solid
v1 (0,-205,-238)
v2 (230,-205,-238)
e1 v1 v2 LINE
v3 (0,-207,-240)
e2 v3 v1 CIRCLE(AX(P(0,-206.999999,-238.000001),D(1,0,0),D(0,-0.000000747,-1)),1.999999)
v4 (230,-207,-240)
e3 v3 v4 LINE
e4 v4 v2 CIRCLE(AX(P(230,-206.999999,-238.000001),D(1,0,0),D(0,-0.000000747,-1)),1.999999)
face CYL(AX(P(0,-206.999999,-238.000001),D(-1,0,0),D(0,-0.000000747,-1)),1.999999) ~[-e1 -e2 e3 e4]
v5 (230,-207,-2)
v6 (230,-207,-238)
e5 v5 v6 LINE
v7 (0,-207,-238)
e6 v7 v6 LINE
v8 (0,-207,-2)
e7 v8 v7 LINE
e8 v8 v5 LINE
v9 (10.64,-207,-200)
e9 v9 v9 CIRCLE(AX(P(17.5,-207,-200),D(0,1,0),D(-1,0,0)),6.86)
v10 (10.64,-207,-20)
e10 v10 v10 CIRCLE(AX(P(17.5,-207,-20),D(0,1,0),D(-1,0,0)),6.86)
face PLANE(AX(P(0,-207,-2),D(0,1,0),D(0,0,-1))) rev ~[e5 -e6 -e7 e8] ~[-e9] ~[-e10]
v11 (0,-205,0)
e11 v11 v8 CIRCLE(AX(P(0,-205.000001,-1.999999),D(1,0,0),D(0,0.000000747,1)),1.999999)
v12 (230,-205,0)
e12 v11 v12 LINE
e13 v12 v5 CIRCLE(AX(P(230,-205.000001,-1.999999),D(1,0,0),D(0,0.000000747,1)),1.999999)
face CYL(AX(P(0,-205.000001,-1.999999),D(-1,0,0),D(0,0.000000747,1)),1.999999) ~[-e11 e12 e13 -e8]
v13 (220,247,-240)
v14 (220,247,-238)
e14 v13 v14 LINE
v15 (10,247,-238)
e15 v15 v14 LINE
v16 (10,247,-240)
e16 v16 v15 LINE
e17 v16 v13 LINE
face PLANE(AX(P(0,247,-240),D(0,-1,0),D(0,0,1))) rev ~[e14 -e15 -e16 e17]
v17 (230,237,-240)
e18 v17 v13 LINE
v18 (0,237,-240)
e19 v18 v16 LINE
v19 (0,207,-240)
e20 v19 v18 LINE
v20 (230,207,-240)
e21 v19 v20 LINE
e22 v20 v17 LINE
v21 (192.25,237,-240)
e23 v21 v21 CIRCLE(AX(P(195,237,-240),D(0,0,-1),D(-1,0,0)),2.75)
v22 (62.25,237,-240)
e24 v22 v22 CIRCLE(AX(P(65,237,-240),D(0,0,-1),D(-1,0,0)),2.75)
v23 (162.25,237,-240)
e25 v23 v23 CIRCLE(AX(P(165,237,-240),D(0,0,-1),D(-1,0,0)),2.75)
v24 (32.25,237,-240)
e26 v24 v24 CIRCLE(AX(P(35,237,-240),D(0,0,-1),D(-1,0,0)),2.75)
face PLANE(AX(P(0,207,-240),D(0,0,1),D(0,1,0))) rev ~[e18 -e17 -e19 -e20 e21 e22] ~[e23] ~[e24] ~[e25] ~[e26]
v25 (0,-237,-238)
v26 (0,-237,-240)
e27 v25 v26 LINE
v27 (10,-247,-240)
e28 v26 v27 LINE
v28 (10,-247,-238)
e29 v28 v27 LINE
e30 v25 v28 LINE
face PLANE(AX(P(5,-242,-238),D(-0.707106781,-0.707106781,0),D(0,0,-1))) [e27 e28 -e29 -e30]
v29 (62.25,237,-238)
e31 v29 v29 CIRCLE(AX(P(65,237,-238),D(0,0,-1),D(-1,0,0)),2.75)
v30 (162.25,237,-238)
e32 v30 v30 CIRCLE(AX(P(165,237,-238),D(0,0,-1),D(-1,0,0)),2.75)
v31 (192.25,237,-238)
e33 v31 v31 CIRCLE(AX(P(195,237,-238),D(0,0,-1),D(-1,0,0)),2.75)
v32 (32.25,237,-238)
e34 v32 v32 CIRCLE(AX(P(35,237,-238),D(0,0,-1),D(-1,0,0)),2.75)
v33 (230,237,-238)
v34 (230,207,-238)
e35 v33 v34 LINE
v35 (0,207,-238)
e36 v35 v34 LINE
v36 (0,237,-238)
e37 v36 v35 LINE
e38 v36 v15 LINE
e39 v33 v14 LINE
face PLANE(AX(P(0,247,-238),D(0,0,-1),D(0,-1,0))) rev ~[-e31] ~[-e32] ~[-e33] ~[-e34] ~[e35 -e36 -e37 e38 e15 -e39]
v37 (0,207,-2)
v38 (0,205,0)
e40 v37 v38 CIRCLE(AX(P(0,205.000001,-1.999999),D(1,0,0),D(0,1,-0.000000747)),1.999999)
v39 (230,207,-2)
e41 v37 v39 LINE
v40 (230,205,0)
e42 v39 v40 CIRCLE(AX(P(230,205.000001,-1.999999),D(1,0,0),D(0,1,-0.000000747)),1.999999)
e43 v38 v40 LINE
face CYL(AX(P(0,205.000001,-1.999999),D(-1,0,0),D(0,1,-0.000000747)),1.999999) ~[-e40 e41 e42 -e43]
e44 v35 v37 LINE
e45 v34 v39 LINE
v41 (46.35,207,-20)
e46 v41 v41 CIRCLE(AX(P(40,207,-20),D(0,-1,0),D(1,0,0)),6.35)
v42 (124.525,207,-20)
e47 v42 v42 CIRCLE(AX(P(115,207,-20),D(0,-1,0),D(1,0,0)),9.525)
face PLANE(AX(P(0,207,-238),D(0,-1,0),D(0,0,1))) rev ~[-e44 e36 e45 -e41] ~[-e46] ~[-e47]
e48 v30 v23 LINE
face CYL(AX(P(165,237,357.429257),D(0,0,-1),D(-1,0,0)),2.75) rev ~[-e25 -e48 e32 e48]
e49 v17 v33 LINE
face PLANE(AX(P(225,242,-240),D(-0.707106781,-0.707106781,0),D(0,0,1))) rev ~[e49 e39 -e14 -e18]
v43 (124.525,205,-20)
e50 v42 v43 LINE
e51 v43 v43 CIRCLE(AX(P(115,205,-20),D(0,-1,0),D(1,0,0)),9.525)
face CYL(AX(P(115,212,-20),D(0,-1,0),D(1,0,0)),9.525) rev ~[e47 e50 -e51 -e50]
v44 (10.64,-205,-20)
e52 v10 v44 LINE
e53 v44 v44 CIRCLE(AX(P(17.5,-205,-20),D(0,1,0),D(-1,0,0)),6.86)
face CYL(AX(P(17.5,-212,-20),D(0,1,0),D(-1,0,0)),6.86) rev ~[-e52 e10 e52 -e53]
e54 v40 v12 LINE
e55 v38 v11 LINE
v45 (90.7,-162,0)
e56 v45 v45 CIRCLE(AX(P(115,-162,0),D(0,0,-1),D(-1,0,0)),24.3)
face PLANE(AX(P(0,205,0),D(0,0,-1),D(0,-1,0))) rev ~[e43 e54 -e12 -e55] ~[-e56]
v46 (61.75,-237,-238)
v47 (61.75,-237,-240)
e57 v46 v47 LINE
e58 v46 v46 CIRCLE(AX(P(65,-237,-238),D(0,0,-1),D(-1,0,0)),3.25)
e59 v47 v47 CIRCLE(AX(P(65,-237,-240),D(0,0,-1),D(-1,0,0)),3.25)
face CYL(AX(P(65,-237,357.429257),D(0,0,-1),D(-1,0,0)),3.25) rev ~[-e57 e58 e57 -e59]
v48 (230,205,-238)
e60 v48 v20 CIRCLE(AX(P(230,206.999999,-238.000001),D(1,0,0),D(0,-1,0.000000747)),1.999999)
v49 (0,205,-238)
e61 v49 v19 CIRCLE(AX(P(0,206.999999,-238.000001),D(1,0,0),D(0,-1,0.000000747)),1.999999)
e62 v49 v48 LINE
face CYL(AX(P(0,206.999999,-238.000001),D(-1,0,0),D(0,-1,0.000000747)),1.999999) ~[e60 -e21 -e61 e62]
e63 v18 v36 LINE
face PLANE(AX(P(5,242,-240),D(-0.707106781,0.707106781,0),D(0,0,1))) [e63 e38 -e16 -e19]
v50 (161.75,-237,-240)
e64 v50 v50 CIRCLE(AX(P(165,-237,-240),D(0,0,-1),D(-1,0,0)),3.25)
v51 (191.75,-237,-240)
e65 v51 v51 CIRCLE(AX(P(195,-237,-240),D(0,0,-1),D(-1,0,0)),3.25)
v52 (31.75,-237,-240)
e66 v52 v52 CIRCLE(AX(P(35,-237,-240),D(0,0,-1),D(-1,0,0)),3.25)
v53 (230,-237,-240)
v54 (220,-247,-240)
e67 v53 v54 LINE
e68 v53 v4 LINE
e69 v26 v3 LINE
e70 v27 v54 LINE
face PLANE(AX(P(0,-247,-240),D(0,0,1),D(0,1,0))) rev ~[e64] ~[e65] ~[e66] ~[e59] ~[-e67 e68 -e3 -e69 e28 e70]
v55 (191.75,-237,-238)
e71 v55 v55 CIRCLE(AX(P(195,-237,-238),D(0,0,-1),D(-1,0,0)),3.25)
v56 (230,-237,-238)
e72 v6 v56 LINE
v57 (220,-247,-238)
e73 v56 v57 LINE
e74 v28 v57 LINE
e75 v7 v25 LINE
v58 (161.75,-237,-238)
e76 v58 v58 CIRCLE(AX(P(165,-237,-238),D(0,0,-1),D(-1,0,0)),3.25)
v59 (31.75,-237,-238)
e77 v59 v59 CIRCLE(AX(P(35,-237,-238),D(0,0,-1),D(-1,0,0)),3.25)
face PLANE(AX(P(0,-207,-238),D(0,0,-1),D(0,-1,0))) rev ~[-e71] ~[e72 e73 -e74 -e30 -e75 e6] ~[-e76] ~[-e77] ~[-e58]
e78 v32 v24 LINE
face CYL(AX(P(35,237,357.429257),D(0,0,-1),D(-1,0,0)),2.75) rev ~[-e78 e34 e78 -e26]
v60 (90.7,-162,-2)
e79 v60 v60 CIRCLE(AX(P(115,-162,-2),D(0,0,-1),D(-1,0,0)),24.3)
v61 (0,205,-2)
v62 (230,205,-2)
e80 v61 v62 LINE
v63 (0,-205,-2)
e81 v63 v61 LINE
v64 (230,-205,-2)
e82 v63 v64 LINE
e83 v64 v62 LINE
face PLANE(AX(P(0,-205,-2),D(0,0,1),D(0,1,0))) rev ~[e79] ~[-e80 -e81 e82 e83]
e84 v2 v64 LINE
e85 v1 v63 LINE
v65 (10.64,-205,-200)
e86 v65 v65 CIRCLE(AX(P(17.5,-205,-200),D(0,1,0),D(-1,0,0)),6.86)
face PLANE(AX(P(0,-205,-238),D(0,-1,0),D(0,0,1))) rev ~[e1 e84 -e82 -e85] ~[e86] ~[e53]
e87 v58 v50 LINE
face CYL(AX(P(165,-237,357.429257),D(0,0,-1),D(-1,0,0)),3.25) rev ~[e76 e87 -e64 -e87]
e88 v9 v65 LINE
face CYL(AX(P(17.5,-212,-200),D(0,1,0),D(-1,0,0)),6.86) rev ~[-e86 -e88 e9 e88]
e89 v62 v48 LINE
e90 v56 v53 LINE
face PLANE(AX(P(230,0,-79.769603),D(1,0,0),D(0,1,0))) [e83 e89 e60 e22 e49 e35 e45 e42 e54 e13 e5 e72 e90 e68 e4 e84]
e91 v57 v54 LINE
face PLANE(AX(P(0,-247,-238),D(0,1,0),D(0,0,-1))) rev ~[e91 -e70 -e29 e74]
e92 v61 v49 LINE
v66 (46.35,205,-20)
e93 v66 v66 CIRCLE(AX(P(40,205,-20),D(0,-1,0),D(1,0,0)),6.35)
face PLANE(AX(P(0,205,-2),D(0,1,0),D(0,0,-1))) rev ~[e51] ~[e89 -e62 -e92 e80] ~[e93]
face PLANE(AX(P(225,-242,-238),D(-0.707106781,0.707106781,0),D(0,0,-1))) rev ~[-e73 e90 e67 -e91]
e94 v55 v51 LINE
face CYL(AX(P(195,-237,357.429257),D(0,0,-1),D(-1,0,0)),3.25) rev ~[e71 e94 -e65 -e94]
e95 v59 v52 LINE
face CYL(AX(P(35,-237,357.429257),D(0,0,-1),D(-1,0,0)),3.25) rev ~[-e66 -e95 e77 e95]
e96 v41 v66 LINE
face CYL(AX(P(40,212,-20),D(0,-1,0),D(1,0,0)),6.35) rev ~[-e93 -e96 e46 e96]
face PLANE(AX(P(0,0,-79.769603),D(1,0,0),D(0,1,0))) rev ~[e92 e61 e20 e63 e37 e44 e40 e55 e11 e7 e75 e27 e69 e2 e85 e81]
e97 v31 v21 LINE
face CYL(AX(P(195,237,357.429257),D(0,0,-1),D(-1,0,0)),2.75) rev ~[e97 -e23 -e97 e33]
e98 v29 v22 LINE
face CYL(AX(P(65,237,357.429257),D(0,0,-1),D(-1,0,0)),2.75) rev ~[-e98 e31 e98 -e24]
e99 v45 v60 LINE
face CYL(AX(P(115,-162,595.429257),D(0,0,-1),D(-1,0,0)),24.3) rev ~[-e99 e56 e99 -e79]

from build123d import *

# Parameters (mm, degrees)
F1_DEPTH  = 230
F3_D      = 48.6
F5_D      = 6.5
F6_D      = 5.5
F7_SIZE   = 10
F9_D      = 13.72
F9_DEPTH  = 5
F11_D     = 19.05
F11_DEPTH = 5
F12_D     = 12.7
F12_DEPTH = 5


with BuildPart() as f1:
    # F0 (on Right) → F1 (new body)
    with BuildSketch(Plane.YZ):
        with BuildLine():
            Line((205, 0), (-205, 0))
            ThreePointArc((-205, 0), (-206.414214, -0.585786), (-207, -2))
            Line((-207, -2), (-207, -238))
            Line((-207, -238), (-247, -238))
            Line((-247, -238), (-247, -240))
            Line((-247, -240), (-207, -240))
            ThreePointArc((-207, -240), (-205.585786, -239.414214), (-205, -238))
            Line((-205, -238), (-205, -2))
            Line((-205, -2), (205, -2))
            Line((205, -2), (205, -238))
            ThreePointArc((205, -238), (205.585786, -239.414214), (207, -240))
            Line((207, -240), (247, -240))
            Line((247, -240), (247, -238))
            Line((247, -238), (207, -238))
            Line((207, -238), (207, -2))
            ThreePointArc((207, -2), (206.414214, -0.585786), (205, 0))
        make_face()
    extrude(amount=F1_DEPTH)

    # F3 (through all)
    with Locations(Plane.XY):
        with Locations((115, -162)):
            Hole(F3_D / 2)

    # F5 (through all)
    with Locations(Plane.XY.offset(-238)):
        with Locations((35, -237), (65, -237), (165, -237), (195, -237)):
            Hole(F5_D / 2)

    # F6 (through all)
    with Locations(Plane.XY.offset(-238)):
        with Locations((35, 237), (65, 237), (165, 237), (195, 237)):
            Hole(F6_D / 2)

    # F7
    f7_edges = [f1.edges().sort_by_distance(p)[0] for p in [
        (0, -247, -239),
        (230, -247, -239),
        (230, 247, -239),
        (0, 247, -239),
    ]]
    chamfer(f7_edges, length=F7_SIZE)

    # F9
    with Locations(Plane.XZ.offset(207)):
        with Locations((17.5, -20), (17.5, -200)):
            Hole(F9_D / 2, depth=F9_DEPTH)

    # F11
    with Locations(Plane(origin=(0, 207, 0), x_dir=(-1, 0, 0), z_dir=(0, 1, 0))):
        with Locations((-115, -20)):
            Hole(F11_D / 2, depth=F11_DEPTH)

    # F12
    with Locations(Plane(origin=(0, 207, 0), x_dir=(-1, 0, 0), z_dir=(0, 1, 0))):
        with Locations((-40, -20)):
            Hole(F12_D / 2, depth=F12_DEPTH)


solid = f1.part
